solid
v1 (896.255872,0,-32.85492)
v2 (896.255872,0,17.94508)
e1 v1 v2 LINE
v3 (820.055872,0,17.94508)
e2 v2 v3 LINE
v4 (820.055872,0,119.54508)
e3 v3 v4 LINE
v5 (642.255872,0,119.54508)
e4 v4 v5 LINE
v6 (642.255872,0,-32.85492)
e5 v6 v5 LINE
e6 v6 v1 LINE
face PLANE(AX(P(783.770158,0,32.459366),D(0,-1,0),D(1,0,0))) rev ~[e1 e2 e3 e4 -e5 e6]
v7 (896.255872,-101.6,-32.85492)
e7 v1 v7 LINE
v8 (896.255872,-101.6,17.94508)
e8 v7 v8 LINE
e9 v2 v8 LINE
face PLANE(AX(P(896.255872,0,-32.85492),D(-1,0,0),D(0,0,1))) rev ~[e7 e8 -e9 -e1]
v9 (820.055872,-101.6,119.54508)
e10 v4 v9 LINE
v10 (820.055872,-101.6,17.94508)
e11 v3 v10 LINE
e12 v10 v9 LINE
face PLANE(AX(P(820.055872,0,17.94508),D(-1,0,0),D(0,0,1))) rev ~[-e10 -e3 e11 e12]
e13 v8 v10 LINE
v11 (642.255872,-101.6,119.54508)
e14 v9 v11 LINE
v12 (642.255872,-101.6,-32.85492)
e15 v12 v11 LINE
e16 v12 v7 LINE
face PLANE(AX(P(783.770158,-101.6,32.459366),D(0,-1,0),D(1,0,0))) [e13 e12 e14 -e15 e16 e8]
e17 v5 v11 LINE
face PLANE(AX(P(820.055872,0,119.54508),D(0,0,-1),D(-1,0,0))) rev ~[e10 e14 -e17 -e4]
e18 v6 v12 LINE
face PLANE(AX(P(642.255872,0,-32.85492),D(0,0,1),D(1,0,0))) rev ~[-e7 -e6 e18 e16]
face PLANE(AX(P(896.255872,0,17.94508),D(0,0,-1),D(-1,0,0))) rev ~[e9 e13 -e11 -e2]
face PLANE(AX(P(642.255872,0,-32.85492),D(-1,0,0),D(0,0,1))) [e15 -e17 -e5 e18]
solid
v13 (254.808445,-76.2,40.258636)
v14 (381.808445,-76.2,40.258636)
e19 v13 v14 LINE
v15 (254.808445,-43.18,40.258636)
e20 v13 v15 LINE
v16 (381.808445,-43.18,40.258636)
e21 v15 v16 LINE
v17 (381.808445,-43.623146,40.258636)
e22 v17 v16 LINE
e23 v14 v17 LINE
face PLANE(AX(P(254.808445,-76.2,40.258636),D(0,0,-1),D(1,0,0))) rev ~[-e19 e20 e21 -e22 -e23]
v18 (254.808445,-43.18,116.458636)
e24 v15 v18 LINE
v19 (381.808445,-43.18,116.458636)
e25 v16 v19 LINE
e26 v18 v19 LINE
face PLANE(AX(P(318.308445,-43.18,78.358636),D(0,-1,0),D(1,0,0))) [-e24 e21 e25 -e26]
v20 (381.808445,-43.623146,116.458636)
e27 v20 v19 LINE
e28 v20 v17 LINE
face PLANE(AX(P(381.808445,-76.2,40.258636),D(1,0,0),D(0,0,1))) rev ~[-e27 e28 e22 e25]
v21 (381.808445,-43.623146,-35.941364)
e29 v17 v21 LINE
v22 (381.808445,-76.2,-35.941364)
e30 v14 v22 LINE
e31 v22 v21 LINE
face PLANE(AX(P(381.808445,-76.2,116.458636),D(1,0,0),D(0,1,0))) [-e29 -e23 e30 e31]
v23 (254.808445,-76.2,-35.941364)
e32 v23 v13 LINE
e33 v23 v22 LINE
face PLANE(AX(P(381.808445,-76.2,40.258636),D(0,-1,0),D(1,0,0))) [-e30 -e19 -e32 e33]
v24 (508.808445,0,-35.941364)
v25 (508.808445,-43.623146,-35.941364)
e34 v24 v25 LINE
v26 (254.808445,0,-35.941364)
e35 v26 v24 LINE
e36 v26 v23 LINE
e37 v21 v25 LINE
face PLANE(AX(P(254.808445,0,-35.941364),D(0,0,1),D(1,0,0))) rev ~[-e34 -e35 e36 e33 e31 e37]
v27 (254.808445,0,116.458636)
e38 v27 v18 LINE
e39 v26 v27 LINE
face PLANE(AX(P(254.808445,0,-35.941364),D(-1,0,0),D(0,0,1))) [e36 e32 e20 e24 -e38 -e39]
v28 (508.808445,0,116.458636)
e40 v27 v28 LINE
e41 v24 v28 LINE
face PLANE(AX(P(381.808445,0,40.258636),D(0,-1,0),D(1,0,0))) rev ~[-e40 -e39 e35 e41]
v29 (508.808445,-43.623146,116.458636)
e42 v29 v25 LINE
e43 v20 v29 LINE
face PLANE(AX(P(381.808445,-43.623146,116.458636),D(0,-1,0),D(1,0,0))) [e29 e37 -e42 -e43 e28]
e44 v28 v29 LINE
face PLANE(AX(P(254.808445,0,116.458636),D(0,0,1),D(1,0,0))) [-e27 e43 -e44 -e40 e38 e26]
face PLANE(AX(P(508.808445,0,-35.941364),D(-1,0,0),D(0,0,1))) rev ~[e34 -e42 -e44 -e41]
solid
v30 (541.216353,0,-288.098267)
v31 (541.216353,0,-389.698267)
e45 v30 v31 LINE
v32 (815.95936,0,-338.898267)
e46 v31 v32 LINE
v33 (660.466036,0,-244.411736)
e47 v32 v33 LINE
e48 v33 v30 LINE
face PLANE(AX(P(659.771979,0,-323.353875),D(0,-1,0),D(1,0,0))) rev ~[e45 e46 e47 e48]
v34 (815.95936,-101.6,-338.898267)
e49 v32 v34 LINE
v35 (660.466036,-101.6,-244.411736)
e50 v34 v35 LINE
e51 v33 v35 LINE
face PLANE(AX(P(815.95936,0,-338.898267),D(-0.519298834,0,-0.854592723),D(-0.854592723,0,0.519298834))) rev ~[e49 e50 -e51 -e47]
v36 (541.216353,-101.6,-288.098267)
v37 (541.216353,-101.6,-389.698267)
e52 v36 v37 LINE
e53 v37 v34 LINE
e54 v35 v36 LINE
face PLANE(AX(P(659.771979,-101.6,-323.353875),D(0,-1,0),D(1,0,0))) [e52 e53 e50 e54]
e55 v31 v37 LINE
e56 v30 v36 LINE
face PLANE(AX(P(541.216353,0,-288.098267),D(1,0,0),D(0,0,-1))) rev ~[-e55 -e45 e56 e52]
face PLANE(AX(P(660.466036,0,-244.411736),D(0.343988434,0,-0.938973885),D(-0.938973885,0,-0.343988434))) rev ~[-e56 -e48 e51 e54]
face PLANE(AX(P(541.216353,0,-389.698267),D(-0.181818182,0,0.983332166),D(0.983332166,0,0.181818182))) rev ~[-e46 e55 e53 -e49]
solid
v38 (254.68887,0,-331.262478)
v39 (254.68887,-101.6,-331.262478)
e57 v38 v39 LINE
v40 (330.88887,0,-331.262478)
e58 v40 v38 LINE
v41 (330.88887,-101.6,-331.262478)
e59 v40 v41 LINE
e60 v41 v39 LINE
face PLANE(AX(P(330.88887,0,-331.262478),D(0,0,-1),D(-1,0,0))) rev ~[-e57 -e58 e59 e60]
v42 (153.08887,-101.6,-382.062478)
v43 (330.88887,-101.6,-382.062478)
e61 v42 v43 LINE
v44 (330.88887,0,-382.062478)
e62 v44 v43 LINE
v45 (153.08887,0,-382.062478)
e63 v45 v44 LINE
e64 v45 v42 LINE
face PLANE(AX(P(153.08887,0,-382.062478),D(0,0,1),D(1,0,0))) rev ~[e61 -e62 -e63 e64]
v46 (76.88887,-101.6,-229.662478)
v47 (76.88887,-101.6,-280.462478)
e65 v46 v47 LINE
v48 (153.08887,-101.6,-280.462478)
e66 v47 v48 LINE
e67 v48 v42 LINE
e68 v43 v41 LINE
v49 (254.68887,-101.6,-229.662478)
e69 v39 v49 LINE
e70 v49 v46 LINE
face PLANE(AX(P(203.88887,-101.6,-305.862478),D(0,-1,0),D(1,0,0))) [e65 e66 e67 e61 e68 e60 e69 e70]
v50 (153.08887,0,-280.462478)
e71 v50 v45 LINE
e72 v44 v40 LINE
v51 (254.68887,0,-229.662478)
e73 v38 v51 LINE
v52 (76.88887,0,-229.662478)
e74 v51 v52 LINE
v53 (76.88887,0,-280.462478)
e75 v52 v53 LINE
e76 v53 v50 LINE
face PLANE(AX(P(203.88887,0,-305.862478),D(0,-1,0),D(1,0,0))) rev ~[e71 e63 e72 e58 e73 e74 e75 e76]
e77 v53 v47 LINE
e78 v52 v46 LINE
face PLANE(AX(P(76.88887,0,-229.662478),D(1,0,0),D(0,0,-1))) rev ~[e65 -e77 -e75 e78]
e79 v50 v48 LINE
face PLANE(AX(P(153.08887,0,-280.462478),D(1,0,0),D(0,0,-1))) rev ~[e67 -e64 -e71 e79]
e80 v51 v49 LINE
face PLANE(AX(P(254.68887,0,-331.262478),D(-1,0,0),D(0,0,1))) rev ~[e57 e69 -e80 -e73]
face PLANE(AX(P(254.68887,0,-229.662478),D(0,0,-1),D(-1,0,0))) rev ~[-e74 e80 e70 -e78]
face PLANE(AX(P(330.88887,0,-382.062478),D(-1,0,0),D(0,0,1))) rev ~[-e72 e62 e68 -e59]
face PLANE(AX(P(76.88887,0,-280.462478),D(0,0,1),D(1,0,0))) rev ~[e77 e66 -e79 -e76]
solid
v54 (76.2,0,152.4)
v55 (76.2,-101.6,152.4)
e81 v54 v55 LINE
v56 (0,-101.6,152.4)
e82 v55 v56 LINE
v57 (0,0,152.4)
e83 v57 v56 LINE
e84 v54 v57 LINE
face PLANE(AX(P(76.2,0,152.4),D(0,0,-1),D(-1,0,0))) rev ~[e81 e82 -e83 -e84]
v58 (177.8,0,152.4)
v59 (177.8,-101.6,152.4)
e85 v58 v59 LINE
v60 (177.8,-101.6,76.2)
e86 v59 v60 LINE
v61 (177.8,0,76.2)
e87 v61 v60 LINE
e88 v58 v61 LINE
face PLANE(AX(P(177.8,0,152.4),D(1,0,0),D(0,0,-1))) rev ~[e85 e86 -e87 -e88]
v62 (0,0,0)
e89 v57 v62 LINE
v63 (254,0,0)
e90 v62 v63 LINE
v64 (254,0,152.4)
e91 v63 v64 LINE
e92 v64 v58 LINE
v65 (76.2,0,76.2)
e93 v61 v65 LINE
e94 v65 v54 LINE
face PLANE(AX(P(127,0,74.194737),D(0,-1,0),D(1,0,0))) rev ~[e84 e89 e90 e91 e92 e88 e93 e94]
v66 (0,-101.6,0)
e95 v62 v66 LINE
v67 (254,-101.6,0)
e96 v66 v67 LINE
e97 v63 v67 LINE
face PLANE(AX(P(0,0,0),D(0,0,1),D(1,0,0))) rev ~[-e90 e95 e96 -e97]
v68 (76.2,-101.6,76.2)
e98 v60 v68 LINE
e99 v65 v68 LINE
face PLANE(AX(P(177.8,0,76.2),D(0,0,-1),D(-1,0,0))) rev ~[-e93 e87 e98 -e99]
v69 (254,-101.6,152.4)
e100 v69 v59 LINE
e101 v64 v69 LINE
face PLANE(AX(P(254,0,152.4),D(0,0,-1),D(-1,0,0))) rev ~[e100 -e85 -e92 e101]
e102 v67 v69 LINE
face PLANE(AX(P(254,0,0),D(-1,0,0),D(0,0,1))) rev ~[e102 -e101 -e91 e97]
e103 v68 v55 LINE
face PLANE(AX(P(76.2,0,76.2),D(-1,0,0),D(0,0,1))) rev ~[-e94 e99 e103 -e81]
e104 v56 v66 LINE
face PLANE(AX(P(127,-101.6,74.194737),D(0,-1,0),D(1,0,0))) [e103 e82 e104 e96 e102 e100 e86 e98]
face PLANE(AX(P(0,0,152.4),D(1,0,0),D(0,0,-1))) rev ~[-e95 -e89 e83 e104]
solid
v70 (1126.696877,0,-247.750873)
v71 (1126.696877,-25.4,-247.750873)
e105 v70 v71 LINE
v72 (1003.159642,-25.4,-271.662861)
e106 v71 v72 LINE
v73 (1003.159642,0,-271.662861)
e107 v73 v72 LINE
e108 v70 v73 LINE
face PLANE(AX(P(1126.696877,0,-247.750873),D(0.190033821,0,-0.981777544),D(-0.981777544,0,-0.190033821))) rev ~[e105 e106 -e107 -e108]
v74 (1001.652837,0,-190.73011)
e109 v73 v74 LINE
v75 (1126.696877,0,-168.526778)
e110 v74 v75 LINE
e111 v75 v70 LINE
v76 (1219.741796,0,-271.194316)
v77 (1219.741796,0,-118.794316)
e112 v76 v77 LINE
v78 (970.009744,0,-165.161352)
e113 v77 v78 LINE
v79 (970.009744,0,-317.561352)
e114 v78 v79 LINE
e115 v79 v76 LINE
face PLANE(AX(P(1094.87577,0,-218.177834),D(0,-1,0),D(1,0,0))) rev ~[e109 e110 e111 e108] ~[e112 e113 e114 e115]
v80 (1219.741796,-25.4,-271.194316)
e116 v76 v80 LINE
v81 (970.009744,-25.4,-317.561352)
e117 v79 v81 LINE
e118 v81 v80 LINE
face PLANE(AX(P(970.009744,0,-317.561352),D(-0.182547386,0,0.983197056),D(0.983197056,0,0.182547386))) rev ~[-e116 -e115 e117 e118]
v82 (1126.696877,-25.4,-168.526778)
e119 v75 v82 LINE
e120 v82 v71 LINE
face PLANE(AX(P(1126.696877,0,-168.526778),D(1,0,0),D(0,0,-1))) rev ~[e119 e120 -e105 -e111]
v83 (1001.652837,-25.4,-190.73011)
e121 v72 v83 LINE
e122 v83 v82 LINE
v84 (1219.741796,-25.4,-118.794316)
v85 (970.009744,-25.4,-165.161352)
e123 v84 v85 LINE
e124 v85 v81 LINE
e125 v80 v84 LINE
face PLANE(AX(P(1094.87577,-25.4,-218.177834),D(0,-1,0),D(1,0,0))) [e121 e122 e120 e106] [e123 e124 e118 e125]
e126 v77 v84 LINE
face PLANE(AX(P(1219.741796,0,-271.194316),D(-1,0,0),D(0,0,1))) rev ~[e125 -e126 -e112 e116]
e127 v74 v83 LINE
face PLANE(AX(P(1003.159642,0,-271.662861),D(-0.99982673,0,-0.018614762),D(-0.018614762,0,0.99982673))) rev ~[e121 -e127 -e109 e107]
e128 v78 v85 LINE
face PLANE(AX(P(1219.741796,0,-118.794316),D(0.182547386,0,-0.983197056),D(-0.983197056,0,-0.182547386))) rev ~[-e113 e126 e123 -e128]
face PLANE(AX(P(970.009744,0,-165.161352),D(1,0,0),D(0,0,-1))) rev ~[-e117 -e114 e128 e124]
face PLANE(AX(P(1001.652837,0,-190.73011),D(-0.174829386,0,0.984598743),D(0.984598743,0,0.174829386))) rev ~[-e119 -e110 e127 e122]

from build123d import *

# Parameters (mm, degrees)
F1_DEPTH  = 101.6
F2_W      = 254
F2_H      = 152.4
F3_DEPTH  = 76.2
F4_W      = 127
F4_H      = 32.576854
F5_DEPTH  = 152.4
F6_W      = 127
F6_H      = 76.2
F7_DEPTH  = 33.02
F8_W      = 50.8
F8_H      = 152.4
F9_DEPTH  = 101.6
F11_DEPTH = 101.6
F13_DEPTH = 101.6
F15_DEPTH = 25.4


with BuildPart() as f1:
    # F0 (on Front) → F1 (new body)
    with BuildSketch(Plane.XZ):
        Polygon((254, 0), (254, 152.4), (177.8, 152.4), (177.8, 76.2), (76.2, 76.2), (76.2, 152.4), (0, 152.4), (0, 0), align=None)
    extrude(amount=F1_DEPTH)


with BuildPart() as f3:
    # F2 (on Front) → F3 (new body)
    with BuildSketch(Plane.XZ):
        with Locations((381.808445, 40.258636)):
            Rectangle(F2_W, F2_H)
    extrude(amount=F3_DEPTH)

    # F4 (on face) → F5 (cut)
    with BuildSketch(Plane.XY.offset(116.458636)):
        with Locations((445.308445, -59.911573)):
            Rectangle(F4_W, F4_H)
    extrude(amount=-F5_DEPTH, mode=Mode.SUBTRACT)

    # F6 (on face) → F7 (cut)
    with BuildSketch(Plane.XZ.offset(76.2)):
        with Locations((318.308445, 78.358636)):
            Rectangle(F6_W, F6_H)
    extrude(amount=-F7_DEPTH, mode=Mode.SUBTRACT)


with BuildPart() as f9:
    # F8 (on Front) → F9 (new body)
    with BuildSketch(Plane.XZ):
        Polygon((820.055872, 119.54508), (693.055872, 119.54508), (693.055872, -32.85492), (896.255872, -32.85492), (896.255872, 17.94508), (820.055872, 17.94508), align=None)
        with Locations((667.655872, 43.34508)):
            Rectangle(F8_W, F8_H)
    extrude(amount=F9_DEPTH)


with BuildPart() as f11:
    # F10 (on Front) → F11 (new body)
    with BuildSketch(Plane.XZ):
        Polygon((254.68887, -229.662478), (76.88887, -229.662478), (76.88887, -280.462478), (153.08887, -280.462478), (153.08887, -382.062478), (330.88887, -382.062478), (330.88887, -331.262478), (254.68887, -331.262478), align=None)
    extrude(amount=F11_DEPTH)


with BuildPart() as f13:
    # F12 (on Front) → F13 (new body)
    with BuildSketch(Plane.XZ):
        Polygon((660.466036, -244.411736), (541.216353, -288.098267), (541.216353, -389.698267), (815.95936, -338.898267), align=None)
    extrude(amount=F13_DEPTH)


with BuildPart() as f15:
    # F14 (on Front) → F15 (new body)
    with BuildSketch(Plane.XZ):
        Polygon((1219.741796, -271.194316), (1219.741796, -118.794316), (970.009744, -165.161352), (970.009744, -317.561352), align=None)
        Polygon((1003.159642, -271.662861), (1001.652837, -190.73011), (1126.696877, -168.526778), (1126.696877, -247.750873), align=None, mode=Mode.SUBTRACT)
    extrude(amount=F15_DEPTH)


solid = Compound([f1.part, f3.part, f9.part, f11.part, f13.part, f15.part])
